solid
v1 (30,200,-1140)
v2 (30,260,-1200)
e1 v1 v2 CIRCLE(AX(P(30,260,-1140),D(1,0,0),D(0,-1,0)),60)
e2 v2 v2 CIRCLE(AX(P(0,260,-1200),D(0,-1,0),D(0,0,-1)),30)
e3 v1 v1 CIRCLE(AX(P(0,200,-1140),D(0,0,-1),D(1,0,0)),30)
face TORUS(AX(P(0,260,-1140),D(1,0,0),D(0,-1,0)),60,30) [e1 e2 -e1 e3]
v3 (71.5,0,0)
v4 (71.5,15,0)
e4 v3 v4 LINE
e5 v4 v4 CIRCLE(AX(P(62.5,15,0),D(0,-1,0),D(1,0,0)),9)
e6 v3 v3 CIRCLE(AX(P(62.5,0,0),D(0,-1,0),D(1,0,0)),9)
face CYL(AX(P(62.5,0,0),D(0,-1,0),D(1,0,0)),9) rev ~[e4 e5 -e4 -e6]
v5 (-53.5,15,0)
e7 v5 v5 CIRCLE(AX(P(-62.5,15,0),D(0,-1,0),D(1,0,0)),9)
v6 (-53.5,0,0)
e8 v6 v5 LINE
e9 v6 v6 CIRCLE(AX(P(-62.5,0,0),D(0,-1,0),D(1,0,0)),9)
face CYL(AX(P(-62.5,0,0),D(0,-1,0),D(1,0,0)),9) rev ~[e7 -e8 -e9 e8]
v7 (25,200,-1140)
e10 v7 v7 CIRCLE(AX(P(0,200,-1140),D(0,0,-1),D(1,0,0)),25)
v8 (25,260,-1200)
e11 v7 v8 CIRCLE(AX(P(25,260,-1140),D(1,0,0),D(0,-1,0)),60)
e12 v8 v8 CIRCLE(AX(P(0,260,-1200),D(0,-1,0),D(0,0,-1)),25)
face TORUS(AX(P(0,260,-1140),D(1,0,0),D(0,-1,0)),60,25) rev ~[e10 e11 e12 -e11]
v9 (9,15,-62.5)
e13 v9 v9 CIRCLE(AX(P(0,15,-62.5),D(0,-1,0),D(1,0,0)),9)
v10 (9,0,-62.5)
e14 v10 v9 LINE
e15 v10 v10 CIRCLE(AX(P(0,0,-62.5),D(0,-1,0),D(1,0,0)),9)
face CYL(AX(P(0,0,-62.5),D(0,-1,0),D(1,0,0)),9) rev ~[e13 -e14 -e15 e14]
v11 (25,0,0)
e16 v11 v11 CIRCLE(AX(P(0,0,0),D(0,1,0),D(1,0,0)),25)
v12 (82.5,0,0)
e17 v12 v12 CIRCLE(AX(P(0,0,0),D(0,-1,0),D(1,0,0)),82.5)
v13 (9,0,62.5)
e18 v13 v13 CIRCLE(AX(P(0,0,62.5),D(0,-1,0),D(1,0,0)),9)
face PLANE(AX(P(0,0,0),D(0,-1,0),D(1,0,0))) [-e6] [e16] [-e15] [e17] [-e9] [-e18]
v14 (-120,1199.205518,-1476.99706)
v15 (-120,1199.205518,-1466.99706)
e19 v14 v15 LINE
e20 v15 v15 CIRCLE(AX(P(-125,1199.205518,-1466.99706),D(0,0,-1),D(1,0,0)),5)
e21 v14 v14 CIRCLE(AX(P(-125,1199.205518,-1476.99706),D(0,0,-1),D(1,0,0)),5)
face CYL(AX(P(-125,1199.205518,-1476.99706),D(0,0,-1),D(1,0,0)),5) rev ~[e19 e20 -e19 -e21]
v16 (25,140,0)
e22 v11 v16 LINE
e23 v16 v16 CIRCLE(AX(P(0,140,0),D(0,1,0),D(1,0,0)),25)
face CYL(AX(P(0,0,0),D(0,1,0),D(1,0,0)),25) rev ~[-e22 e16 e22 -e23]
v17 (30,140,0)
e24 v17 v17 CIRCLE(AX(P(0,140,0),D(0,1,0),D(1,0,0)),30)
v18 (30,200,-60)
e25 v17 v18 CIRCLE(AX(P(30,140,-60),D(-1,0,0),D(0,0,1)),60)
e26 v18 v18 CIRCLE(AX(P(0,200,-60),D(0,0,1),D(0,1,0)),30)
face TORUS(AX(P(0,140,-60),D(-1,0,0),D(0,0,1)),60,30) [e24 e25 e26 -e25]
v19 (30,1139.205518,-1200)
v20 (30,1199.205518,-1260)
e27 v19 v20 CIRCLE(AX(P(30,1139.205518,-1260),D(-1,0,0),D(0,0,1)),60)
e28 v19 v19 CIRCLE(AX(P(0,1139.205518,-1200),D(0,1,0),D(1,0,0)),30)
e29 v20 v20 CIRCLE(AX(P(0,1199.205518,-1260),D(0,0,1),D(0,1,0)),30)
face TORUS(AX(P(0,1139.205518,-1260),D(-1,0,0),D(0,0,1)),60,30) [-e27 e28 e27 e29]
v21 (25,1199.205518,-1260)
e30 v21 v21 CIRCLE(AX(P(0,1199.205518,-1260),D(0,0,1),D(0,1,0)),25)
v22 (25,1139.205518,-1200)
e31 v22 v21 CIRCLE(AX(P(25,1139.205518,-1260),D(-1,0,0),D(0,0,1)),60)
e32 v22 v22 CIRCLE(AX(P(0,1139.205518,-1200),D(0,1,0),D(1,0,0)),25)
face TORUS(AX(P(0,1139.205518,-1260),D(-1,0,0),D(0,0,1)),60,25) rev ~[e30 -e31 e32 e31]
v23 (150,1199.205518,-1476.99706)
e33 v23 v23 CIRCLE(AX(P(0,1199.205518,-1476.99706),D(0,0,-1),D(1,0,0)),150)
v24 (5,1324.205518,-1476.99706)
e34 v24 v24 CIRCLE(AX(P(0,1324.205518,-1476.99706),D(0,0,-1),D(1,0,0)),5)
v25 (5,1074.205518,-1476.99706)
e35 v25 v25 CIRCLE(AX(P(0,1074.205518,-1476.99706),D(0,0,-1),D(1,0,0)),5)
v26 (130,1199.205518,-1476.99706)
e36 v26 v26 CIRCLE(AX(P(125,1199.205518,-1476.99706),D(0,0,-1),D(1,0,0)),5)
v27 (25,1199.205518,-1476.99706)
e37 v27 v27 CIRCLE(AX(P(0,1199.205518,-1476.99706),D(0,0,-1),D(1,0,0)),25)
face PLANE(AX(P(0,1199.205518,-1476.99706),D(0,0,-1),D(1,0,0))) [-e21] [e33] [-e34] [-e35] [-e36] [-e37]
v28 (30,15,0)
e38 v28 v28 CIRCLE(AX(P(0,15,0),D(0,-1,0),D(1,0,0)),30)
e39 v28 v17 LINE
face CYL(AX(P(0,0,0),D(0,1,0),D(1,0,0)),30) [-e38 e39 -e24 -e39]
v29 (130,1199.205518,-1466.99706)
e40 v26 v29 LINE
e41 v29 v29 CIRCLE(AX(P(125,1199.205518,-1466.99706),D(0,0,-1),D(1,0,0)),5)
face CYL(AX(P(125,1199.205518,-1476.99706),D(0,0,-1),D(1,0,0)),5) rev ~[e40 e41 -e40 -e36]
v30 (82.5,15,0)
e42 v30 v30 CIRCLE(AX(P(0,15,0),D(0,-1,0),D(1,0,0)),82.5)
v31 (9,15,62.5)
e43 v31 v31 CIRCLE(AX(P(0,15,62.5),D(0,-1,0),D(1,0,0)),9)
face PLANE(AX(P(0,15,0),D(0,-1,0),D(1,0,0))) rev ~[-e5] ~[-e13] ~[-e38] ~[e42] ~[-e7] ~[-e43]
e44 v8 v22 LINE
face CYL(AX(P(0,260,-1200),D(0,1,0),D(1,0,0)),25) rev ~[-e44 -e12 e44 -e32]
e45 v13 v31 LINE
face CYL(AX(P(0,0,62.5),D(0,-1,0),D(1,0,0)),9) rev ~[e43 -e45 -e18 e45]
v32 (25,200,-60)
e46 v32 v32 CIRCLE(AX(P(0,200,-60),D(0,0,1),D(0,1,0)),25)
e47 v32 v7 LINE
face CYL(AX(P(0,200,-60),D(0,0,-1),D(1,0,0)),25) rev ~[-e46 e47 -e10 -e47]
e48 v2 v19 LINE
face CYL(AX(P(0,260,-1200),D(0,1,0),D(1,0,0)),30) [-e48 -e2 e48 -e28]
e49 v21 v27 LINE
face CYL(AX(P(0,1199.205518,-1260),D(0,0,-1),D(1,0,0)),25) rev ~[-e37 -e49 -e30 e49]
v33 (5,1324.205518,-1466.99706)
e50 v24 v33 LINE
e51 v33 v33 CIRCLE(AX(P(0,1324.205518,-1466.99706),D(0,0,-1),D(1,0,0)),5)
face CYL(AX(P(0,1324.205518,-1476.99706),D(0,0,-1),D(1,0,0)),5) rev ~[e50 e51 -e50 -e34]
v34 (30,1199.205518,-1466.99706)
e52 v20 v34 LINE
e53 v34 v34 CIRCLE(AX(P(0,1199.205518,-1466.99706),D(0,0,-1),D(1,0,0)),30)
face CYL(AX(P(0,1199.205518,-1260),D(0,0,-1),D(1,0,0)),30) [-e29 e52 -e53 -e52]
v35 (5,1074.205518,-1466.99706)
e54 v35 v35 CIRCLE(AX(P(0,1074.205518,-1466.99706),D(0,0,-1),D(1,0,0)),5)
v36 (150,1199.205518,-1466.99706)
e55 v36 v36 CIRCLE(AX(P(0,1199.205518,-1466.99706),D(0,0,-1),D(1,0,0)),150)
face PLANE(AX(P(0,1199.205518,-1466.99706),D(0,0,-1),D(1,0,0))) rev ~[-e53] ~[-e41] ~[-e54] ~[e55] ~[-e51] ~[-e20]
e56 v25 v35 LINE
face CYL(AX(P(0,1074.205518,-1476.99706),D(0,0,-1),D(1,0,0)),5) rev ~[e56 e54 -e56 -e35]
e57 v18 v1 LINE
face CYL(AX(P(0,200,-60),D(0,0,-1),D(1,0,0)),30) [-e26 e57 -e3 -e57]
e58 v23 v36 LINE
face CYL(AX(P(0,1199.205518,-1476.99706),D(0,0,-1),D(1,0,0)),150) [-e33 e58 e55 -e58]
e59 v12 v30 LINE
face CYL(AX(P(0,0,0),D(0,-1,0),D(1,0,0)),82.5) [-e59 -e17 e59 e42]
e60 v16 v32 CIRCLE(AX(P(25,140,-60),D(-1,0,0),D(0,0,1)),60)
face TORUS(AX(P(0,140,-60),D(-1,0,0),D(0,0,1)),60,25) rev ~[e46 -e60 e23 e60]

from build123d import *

# Parameters (mm, degrees)
F0_R     = 30
F0_R_2   = 25
F0_R_3   = 82.5
F0_R_4   = 9
F3_DEPTH = 15
F4_R     = 150
F4_R_2   = 5
F4_R_3   = 30
F5_DEPTH = 10


with BuildPart() as f2:
    # F2: sweep along a path in F1
    with BuildLine(Plane.YZ) as f2_path:
        Line((0, 0), (140, 0))
        ThreePointArc((140, 0), (182.4264068712, -17.5735931288), (200, -60))
        Line((200, -60), (200, -1140))
        ThreePointArc((200, -1140), (217.5735931288, -1182.4264068712), (260, -1200))
        Line((260, -1200), (1139.2055177689, -1200))
        ThreePointArc((1139.2055177689, -1200), (1181.6319246401, -1217.5735931288), (1199.2055177689, -1260))
        Line((1199.2055177689, -1260), (1199.2055177689, -1476.99706))
    # F0 (on Front) → F2 (sweep)
    with BuildSketch(Plane.XZ):
        Circle(F0_R)
        Circle(F0_R_2, mode=Mode.SUBTRACT)
    sweep(path=f2_path.line)

    # F0 (on Front) → F3 (join)
    with BuildSketch(Plane.XZ):
        Circle(F0_R_3)
        with Locations((0, -62.5)):
            Circle(F0_R_4, mode=Mode.SUBTRACT)
        with Locations((-62.5, 0)):
            Circle(F0_R_4, mode=Mode.SUBTRACT)
        Circle(F0_R, mode=Mode.SUBTRACT)
        with Locations((62.5, 0)):
            Circle(F0_R_4, mode=Mode.SUBTRACT)
        with Locations((0, 62.5)):
            Circle(F0_R_4, mode=Mode.SUBTRACT)
    extrude(amount=-F3_DEPTH)

    # F4 (on face) → F5 (join)
    with BuildSketch(Plane(origin=(0, 0, -1476.99706), x_dir=(1, 0, 0), z_dir=(0, 0, -1))):
        with Locations((0, -1199.2055177689)):
            Circle(F4_R)
        with Locations((0, -1324.2055177689)):
            Circle(F4_R_2, mode=Mode.SUBTRACT)
        with Locations((-125, -1199.2055177689)):
            Circle(F4_R_2, mode=Mode.SUBTRACT)
        with Locations((0, -1199.2055177689)):
            Circle(F4_R_3, mode=Mode.SUBTRACT)
        with Locations((125, -1199.2055177689)):
            Circle(F4_R_2, mode=Mode.SUBTRACT)
        with Locations((0, -1074.2055177689)):
            Circle(F4_R_2, mode=Mode.SUBTRACT)
    extrude(amount=-F5_DEPTH)


solid = f2.part
